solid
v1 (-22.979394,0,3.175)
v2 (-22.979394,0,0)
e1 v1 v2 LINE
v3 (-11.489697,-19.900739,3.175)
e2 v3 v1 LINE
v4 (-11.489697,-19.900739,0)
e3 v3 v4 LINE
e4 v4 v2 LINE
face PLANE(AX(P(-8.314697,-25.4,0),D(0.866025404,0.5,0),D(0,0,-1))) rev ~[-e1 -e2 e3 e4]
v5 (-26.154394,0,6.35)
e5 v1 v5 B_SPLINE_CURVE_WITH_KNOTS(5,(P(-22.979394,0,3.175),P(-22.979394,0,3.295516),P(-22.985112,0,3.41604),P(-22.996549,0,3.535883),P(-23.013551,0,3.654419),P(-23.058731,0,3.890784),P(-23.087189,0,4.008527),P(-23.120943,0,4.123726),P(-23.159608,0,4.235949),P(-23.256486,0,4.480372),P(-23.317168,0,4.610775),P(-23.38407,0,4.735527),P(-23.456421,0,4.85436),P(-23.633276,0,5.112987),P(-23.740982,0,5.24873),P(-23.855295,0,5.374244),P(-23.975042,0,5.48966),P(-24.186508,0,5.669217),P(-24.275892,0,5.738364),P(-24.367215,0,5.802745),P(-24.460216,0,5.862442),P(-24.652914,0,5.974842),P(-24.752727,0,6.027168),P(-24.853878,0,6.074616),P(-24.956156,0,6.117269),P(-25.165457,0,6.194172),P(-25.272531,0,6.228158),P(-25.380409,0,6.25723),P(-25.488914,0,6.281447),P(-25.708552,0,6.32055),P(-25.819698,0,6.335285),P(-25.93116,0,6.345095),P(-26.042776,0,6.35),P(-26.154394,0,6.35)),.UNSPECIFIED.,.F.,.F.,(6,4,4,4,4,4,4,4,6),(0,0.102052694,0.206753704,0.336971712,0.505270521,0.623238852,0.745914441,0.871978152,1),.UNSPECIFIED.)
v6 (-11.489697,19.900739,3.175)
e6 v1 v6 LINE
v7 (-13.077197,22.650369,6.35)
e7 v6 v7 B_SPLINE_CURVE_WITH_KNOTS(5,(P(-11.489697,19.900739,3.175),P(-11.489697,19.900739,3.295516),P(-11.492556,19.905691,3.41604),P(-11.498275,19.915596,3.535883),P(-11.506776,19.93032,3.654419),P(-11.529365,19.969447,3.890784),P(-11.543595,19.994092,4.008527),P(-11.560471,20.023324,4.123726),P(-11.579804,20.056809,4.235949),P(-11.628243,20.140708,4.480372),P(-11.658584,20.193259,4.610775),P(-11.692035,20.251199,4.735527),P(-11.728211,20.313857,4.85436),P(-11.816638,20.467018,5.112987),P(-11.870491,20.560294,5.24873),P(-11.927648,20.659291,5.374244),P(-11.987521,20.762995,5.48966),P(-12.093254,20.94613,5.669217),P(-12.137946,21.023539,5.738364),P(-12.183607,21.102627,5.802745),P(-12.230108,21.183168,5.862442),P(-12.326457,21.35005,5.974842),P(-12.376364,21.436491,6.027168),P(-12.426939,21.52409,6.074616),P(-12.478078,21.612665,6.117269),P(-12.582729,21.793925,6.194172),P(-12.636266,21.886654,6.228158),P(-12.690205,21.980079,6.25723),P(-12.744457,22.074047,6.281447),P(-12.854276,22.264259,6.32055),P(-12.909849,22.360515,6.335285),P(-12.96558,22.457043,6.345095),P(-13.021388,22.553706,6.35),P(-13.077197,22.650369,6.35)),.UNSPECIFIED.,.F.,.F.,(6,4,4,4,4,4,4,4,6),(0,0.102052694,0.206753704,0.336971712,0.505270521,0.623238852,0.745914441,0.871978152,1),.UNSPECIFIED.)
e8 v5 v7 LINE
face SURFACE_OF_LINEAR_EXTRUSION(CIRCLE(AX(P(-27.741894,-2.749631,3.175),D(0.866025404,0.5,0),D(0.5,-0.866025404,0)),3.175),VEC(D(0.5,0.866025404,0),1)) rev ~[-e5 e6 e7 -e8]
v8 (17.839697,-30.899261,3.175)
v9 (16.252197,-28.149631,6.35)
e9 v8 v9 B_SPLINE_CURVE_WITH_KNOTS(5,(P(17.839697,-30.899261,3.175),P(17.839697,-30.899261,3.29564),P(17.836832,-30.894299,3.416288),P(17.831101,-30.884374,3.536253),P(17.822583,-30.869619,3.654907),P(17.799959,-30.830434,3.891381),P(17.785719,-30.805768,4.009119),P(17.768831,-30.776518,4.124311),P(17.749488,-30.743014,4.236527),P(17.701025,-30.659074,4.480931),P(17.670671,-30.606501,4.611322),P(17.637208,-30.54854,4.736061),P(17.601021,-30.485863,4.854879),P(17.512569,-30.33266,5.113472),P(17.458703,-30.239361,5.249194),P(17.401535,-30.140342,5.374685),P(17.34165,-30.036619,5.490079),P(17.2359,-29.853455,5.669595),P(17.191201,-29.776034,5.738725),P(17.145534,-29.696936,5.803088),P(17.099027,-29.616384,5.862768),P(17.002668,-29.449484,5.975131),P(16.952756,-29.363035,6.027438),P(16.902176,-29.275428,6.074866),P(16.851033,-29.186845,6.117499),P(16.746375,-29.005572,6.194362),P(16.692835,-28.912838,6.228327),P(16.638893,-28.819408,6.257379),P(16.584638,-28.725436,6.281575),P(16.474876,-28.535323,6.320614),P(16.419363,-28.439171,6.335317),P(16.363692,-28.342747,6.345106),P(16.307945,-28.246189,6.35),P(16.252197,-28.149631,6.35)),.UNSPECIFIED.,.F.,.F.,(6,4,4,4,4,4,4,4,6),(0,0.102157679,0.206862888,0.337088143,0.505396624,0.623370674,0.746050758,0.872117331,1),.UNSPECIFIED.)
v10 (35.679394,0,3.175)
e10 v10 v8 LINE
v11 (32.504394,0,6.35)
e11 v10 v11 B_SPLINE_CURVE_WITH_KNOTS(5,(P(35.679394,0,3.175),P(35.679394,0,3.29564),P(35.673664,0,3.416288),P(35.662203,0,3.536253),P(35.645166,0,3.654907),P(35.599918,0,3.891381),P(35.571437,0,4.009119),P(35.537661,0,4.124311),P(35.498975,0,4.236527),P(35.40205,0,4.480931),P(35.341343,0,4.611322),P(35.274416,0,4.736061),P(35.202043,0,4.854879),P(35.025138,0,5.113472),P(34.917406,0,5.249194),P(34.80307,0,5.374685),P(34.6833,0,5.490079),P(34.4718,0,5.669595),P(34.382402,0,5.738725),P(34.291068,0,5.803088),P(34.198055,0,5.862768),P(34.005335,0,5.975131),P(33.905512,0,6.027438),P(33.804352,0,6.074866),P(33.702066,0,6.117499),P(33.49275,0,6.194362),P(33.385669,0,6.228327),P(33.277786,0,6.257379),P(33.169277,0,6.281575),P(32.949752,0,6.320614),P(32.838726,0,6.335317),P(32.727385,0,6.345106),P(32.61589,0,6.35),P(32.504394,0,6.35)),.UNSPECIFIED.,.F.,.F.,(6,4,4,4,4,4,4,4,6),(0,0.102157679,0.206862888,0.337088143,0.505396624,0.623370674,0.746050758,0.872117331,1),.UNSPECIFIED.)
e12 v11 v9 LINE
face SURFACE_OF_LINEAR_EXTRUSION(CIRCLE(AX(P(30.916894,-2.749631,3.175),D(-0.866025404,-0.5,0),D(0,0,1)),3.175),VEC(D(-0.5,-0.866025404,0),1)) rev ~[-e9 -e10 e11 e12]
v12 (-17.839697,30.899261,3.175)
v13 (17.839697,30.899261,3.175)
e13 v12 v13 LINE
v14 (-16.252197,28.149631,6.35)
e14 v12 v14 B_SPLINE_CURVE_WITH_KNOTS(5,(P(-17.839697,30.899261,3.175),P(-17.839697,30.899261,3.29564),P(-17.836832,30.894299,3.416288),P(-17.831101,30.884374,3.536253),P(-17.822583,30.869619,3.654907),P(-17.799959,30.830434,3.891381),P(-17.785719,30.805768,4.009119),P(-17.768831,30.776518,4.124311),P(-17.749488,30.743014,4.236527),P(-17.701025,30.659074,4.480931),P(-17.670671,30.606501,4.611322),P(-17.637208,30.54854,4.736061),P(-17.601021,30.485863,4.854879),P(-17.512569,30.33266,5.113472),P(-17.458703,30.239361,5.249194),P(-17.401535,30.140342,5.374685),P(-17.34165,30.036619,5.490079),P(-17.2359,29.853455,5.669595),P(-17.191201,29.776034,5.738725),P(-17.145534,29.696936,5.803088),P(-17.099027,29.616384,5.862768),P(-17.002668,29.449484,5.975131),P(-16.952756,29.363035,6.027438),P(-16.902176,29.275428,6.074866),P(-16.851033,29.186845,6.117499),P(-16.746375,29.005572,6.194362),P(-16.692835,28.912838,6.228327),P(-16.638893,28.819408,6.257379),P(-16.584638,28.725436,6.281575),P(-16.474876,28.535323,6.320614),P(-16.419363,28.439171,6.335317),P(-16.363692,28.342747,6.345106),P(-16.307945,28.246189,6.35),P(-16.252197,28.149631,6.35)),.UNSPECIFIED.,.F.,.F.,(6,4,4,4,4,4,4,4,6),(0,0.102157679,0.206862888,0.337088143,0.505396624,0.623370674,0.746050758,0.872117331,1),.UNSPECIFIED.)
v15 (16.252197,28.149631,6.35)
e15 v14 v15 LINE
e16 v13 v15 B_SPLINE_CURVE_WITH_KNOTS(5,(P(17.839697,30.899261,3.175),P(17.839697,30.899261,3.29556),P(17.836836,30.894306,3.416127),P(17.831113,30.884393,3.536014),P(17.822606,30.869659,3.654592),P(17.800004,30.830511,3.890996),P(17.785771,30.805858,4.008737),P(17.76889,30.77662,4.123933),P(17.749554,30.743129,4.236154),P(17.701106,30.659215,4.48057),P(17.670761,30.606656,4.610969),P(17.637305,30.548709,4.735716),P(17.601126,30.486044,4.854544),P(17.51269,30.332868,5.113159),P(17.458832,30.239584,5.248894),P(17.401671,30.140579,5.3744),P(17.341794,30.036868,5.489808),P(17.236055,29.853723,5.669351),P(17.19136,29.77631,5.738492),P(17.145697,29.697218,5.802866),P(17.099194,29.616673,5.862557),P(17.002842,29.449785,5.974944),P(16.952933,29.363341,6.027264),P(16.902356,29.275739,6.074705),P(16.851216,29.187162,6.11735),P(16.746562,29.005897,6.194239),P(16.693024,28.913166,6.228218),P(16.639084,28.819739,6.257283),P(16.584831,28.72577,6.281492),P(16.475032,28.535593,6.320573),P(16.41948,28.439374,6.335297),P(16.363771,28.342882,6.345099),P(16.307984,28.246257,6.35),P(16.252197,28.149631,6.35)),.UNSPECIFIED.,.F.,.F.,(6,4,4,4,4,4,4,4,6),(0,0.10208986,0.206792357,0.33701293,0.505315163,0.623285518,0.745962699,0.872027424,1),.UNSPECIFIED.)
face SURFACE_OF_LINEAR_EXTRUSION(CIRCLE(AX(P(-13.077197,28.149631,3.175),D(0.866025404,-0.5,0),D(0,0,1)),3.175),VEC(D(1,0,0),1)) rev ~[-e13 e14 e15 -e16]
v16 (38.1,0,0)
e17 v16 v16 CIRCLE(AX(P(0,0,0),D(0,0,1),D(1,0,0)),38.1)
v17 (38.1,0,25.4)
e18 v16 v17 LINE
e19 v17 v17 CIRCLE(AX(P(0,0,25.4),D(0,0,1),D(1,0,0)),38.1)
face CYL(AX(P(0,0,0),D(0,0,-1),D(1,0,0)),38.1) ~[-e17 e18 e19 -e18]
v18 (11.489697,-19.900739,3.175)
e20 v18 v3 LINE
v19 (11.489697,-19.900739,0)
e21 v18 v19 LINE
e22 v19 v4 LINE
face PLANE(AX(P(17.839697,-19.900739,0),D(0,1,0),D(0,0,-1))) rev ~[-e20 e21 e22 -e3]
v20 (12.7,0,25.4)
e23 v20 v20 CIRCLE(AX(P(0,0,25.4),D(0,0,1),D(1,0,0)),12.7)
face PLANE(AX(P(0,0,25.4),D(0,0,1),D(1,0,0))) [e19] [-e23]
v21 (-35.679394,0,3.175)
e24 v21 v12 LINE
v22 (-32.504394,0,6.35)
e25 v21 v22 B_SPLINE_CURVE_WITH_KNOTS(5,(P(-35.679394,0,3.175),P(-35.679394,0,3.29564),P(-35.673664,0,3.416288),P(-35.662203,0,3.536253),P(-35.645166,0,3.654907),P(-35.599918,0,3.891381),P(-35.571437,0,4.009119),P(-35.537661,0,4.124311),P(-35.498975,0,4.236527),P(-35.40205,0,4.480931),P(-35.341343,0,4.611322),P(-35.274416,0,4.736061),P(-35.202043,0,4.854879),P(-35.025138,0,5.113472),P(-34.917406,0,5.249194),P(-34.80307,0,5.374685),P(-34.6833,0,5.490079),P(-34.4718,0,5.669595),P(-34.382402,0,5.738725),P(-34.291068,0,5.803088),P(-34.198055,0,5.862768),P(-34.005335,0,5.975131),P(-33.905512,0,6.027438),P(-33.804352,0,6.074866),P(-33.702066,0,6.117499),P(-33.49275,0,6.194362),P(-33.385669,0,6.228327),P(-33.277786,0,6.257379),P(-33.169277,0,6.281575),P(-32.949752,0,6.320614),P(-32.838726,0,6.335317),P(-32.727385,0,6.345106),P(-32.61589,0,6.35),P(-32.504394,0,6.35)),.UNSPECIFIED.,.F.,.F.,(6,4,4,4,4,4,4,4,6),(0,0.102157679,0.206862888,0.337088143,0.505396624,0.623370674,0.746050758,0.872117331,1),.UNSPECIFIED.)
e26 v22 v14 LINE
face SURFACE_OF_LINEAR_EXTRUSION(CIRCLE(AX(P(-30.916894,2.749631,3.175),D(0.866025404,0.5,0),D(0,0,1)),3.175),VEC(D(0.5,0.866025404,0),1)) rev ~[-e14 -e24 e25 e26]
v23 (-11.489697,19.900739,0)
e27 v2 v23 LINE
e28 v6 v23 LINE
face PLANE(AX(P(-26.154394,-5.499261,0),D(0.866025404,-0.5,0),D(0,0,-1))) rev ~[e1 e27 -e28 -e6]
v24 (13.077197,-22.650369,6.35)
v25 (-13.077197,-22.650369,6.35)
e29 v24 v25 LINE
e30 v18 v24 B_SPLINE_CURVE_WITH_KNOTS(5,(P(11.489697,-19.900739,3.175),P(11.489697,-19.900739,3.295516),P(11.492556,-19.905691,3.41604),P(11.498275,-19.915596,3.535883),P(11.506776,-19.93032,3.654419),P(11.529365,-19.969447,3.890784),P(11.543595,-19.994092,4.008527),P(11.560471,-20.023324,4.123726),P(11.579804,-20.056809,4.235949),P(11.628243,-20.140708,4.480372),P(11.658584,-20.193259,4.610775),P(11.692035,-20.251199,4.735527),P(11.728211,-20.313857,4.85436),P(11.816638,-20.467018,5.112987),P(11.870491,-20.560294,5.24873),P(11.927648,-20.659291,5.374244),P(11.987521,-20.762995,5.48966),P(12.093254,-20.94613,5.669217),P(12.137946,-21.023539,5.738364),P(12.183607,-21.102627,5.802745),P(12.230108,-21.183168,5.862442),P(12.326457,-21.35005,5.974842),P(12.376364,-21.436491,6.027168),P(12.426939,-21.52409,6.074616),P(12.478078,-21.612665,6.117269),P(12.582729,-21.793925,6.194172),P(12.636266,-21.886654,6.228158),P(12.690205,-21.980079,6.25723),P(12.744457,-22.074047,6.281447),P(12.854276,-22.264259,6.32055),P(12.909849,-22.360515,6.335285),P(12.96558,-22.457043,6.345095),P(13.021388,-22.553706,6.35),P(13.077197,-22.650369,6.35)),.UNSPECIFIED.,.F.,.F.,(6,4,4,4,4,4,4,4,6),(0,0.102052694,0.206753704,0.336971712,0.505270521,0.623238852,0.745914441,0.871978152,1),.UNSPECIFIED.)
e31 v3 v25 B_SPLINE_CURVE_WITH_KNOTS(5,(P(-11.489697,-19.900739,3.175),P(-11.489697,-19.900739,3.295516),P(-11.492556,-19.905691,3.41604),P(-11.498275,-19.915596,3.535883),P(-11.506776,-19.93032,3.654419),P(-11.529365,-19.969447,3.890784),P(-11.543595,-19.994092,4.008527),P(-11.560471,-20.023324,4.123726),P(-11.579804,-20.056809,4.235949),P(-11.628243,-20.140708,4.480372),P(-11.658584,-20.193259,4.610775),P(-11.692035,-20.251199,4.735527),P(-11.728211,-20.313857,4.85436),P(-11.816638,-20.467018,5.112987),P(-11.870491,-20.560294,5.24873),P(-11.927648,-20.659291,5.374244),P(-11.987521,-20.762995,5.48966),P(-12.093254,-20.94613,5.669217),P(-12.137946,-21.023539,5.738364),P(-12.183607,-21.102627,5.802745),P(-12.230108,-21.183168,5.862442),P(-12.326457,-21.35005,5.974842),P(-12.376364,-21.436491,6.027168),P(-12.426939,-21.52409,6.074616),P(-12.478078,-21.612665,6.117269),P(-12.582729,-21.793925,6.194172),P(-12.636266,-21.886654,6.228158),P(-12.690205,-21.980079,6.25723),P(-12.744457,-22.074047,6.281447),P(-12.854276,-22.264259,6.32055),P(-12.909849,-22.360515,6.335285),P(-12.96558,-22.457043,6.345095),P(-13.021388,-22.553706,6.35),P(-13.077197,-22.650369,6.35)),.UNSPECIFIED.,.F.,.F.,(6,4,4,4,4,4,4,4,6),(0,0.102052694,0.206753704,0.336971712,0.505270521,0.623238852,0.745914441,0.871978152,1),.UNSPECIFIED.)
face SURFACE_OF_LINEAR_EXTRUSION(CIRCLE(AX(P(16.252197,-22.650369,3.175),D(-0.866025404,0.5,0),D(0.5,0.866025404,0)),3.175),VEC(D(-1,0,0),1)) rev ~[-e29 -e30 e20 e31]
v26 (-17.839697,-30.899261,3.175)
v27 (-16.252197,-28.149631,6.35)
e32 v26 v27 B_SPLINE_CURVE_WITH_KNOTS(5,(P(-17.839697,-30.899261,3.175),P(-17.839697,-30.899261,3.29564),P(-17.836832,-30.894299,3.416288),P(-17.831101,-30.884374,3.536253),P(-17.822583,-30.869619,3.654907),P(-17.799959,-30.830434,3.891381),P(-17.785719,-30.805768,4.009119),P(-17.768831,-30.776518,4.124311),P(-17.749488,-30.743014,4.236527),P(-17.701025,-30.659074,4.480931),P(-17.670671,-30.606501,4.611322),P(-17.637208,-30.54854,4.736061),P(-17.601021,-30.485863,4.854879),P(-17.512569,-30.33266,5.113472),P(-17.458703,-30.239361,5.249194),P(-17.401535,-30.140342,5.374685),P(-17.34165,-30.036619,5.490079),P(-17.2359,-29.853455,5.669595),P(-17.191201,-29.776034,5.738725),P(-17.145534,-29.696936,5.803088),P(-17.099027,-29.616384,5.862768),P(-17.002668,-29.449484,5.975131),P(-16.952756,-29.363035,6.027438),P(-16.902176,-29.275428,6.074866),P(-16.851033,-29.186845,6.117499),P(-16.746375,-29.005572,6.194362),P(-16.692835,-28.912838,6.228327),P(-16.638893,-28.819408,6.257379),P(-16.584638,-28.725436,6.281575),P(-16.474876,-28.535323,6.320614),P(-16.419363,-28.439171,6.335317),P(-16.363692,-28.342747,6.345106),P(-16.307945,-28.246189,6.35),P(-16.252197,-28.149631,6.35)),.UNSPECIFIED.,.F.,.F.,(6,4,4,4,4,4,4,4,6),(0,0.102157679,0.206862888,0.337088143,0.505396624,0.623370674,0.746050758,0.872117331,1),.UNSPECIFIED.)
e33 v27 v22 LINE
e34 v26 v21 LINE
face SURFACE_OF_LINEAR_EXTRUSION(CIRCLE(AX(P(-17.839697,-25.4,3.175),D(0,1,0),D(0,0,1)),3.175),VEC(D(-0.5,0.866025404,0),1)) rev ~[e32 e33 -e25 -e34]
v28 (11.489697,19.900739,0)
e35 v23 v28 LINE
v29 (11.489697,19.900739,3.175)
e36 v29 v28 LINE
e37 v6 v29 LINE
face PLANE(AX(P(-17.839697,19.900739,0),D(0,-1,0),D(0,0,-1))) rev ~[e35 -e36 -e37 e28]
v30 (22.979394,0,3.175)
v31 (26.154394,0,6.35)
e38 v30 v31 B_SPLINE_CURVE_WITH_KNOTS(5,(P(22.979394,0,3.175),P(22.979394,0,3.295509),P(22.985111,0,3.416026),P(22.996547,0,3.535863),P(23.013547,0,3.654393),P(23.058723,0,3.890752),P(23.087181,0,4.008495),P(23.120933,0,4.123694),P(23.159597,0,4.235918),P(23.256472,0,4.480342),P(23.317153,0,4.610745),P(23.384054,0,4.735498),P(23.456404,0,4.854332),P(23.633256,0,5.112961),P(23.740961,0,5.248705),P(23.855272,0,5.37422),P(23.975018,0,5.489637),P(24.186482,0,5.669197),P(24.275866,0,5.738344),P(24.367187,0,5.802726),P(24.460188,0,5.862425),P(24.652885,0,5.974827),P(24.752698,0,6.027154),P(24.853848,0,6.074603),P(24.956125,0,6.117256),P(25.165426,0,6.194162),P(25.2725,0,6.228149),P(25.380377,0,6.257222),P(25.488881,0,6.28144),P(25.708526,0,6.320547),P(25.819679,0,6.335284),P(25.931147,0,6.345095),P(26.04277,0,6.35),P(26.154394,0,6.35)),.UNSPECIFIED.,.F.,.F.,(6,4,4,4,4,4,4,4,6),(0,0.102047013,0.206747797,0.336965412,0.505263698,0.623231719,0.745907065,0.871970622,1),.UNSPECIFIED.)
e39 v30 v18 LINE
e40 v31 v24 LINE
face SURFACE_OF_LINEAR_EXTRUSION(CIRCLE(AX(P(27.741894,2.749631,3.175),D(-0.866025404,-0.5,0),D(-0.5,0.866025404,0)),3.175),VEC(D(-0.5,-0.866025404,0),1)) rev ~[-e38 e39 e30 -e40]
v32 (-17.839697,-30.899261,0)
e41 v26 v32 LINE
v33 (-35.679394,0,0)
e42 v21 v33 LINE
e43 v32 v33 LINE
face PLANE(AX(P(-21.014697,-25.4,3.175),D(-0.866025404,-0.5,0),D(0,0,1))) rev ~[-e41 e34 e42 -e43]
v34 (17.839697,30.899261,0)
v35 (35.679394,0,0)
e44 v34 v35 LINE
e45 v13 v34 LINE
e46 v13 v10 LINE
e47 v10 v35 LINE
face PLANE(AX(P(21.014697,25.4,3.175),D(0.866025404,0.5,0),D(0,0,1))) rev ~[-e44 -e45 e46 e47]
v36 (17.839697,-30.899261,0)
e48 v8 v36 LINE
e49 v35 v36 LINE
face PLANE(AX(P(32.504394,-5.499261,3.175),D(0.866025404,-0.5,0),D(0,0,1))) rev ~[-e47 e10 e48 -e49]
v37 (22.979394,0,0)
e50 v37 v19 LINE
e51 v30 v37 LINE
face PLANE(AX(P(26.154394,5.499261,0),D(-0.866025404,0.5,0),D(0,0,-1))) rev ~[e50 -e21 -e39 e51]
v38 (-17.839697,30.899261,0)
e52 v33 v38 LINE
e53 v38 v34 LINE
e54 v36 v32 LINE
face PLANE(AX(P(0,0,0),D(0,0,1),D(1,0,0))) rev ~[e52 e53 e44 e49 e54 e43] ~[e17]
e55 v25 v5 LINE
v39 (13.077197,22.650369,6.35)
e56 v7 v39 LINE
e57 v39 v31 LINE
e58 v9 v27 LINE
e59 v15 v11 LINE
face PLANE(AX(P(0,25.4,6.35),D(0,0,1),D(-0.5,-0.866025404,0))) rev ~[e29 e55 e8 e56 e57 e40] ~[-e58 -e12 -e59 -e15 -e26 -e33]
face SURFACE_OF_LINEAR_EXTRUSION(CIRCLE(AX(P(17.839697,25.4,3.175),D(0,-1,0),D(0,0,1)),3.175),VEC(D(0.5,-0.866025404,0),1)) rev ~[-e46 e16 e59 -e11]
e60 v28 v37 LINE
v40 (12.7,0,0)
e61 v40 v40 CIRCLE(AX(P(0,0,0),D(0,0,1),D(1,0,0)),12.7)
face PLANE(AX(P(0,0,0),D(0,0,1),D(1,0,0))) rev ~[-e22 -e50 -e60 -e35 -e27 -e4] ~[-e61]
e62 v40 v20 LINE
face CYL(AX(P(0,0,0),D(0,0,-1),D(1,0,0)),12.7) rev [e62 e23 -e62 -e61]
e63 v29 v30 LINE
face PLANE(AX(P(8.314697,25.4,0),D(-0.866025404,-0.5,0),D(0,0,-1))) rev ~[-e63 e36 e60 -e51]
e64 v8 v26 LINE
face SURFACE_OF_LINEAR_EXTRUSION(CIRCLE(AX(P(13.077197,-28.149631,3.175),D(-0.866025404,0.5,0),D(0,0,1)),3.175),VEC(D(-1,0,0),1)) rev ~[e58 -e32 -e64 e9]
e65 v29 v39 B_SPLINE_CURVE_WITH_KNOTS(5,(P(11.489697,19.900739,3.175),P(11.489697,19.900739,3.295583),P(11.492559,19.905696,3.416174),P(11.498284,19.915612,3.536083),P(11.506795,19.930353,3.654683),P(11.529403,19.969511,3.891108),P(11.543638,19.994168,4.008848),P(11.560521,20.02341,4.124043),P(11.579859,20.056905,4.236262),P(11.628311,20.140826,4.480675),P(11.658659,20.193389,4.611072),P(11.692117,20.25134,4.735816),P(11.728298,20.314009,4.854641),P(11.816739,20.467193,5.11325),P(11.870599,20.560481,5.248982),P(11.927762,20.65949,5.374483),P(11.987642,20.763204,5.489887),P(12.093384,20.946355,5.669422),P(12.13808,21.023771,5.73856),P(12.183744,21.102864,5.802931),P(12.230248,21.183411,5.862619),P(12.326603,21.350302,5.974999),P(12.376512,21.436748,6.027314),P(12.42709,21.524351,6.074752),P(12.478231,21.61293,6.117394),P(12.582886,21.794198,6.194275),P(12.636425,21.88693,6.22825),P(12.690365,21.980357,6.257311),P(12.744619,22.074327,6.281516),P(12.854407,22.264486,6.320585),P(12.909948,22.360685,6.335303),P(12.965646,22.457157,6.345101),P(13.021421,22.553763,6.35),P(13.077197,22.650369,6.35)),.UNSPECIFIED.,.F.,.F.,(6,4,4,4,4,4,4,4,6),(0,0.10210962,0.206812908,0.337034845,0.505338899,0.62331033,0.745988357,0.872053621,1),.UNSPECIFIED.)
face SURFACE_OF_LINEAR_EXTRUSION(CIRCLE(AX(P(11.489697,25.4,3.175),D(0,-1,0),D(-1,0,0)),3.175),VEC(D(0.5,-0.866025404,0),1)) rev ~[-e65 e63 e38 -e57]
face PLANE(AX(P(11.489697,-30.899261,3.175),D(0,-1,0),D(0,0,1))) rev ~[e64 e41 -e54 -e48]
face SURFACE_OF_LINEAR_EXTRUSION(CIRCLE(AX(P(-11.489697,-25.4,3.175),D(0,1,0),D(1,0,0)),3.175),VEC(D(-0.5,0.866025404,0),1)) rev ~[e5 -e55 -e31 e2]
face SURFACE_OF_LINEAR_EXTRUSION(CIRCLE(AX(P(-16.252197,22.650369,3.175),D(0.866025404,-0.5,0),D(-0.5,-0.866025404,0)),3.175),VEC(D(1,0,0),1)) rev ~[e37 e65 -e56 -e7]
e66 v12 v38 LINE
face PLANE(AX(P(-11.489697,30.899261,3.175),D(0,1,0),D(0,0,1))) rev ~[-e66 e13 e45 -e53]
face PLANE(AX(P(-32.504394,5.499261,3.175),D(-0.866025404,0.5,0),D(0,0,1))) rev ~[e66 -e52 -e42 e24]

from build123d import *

# Parameters (mm, degrees)
SKETCH1_R           = 38.1
SKETCH1_R_2         = 12.7
BOSS_EXTRUDE1_DEPTH = 25.4


with BuildPart() as part:
    # Sketch1 → Boss-Extrude1 (new body)
    with BuildSketch(Plane.XY):
        Circle(SKETCH1_R)
        Circle(SKETCH1_R_2, mode=Mode.SUBTRACT)
    extrude(amount=BOSS_EXTRUDE1_DEPTH)

    # Cut-Sweep2: sweep along a path in Sketch2
    with BuildLine(Plane(origin=(0, 0, 0), x_dir=(-1, 0, 0), z_dir=(0, 0, -1))) as cut_sweep2_path:
        Line((-14.664696837, 25.4), (-29.329393675, 0))
        Line((-29.329393675, 0), (-14.664696837, -25.4))
        Line((-14.664696837, -25.4), (14.664696837, -25.4))
        Line((14.664696837, -25.4), (29.329393675, 0))
        Line((29.329393675, 0), (14.664696837, 25.4))
        Line((14.664696837, 25.4), (-14.664696837, 25.4))
    # Sketch3 → Cut-Sweep2 (sweep, cut)
    with BuildSketch(Plane(origin=(0, 0, 0), x_dir=(1, 0, 0), z_dir=(0, 1, 0))):
        with BuildLine():
            Line((-35.679393675, 0), (-22.979393675, 0))
            Line((-22.979393675, 0), (-22.979393675, -3.175))
            ThreePointArc((-22.979393675, -3.175), (-23.909329645, -5.42006403), (-26.154393675, -6.35))
            Line((-26.154393675, -6.35), (-32.504393675, -6.35))
            ThreePointArc((-32.504393675, -6.35), (-34.749457705, -5.42006403), (-35.679393675, -3.175))
            Line((-35.679393675, -3.175), (-35.679393675, 0))
        make_face()
    sweep(path=cut_sweep2_path.line, transition=Transition.RIGHT, mode=Mode.SUBTRACT)


solid = part.part
